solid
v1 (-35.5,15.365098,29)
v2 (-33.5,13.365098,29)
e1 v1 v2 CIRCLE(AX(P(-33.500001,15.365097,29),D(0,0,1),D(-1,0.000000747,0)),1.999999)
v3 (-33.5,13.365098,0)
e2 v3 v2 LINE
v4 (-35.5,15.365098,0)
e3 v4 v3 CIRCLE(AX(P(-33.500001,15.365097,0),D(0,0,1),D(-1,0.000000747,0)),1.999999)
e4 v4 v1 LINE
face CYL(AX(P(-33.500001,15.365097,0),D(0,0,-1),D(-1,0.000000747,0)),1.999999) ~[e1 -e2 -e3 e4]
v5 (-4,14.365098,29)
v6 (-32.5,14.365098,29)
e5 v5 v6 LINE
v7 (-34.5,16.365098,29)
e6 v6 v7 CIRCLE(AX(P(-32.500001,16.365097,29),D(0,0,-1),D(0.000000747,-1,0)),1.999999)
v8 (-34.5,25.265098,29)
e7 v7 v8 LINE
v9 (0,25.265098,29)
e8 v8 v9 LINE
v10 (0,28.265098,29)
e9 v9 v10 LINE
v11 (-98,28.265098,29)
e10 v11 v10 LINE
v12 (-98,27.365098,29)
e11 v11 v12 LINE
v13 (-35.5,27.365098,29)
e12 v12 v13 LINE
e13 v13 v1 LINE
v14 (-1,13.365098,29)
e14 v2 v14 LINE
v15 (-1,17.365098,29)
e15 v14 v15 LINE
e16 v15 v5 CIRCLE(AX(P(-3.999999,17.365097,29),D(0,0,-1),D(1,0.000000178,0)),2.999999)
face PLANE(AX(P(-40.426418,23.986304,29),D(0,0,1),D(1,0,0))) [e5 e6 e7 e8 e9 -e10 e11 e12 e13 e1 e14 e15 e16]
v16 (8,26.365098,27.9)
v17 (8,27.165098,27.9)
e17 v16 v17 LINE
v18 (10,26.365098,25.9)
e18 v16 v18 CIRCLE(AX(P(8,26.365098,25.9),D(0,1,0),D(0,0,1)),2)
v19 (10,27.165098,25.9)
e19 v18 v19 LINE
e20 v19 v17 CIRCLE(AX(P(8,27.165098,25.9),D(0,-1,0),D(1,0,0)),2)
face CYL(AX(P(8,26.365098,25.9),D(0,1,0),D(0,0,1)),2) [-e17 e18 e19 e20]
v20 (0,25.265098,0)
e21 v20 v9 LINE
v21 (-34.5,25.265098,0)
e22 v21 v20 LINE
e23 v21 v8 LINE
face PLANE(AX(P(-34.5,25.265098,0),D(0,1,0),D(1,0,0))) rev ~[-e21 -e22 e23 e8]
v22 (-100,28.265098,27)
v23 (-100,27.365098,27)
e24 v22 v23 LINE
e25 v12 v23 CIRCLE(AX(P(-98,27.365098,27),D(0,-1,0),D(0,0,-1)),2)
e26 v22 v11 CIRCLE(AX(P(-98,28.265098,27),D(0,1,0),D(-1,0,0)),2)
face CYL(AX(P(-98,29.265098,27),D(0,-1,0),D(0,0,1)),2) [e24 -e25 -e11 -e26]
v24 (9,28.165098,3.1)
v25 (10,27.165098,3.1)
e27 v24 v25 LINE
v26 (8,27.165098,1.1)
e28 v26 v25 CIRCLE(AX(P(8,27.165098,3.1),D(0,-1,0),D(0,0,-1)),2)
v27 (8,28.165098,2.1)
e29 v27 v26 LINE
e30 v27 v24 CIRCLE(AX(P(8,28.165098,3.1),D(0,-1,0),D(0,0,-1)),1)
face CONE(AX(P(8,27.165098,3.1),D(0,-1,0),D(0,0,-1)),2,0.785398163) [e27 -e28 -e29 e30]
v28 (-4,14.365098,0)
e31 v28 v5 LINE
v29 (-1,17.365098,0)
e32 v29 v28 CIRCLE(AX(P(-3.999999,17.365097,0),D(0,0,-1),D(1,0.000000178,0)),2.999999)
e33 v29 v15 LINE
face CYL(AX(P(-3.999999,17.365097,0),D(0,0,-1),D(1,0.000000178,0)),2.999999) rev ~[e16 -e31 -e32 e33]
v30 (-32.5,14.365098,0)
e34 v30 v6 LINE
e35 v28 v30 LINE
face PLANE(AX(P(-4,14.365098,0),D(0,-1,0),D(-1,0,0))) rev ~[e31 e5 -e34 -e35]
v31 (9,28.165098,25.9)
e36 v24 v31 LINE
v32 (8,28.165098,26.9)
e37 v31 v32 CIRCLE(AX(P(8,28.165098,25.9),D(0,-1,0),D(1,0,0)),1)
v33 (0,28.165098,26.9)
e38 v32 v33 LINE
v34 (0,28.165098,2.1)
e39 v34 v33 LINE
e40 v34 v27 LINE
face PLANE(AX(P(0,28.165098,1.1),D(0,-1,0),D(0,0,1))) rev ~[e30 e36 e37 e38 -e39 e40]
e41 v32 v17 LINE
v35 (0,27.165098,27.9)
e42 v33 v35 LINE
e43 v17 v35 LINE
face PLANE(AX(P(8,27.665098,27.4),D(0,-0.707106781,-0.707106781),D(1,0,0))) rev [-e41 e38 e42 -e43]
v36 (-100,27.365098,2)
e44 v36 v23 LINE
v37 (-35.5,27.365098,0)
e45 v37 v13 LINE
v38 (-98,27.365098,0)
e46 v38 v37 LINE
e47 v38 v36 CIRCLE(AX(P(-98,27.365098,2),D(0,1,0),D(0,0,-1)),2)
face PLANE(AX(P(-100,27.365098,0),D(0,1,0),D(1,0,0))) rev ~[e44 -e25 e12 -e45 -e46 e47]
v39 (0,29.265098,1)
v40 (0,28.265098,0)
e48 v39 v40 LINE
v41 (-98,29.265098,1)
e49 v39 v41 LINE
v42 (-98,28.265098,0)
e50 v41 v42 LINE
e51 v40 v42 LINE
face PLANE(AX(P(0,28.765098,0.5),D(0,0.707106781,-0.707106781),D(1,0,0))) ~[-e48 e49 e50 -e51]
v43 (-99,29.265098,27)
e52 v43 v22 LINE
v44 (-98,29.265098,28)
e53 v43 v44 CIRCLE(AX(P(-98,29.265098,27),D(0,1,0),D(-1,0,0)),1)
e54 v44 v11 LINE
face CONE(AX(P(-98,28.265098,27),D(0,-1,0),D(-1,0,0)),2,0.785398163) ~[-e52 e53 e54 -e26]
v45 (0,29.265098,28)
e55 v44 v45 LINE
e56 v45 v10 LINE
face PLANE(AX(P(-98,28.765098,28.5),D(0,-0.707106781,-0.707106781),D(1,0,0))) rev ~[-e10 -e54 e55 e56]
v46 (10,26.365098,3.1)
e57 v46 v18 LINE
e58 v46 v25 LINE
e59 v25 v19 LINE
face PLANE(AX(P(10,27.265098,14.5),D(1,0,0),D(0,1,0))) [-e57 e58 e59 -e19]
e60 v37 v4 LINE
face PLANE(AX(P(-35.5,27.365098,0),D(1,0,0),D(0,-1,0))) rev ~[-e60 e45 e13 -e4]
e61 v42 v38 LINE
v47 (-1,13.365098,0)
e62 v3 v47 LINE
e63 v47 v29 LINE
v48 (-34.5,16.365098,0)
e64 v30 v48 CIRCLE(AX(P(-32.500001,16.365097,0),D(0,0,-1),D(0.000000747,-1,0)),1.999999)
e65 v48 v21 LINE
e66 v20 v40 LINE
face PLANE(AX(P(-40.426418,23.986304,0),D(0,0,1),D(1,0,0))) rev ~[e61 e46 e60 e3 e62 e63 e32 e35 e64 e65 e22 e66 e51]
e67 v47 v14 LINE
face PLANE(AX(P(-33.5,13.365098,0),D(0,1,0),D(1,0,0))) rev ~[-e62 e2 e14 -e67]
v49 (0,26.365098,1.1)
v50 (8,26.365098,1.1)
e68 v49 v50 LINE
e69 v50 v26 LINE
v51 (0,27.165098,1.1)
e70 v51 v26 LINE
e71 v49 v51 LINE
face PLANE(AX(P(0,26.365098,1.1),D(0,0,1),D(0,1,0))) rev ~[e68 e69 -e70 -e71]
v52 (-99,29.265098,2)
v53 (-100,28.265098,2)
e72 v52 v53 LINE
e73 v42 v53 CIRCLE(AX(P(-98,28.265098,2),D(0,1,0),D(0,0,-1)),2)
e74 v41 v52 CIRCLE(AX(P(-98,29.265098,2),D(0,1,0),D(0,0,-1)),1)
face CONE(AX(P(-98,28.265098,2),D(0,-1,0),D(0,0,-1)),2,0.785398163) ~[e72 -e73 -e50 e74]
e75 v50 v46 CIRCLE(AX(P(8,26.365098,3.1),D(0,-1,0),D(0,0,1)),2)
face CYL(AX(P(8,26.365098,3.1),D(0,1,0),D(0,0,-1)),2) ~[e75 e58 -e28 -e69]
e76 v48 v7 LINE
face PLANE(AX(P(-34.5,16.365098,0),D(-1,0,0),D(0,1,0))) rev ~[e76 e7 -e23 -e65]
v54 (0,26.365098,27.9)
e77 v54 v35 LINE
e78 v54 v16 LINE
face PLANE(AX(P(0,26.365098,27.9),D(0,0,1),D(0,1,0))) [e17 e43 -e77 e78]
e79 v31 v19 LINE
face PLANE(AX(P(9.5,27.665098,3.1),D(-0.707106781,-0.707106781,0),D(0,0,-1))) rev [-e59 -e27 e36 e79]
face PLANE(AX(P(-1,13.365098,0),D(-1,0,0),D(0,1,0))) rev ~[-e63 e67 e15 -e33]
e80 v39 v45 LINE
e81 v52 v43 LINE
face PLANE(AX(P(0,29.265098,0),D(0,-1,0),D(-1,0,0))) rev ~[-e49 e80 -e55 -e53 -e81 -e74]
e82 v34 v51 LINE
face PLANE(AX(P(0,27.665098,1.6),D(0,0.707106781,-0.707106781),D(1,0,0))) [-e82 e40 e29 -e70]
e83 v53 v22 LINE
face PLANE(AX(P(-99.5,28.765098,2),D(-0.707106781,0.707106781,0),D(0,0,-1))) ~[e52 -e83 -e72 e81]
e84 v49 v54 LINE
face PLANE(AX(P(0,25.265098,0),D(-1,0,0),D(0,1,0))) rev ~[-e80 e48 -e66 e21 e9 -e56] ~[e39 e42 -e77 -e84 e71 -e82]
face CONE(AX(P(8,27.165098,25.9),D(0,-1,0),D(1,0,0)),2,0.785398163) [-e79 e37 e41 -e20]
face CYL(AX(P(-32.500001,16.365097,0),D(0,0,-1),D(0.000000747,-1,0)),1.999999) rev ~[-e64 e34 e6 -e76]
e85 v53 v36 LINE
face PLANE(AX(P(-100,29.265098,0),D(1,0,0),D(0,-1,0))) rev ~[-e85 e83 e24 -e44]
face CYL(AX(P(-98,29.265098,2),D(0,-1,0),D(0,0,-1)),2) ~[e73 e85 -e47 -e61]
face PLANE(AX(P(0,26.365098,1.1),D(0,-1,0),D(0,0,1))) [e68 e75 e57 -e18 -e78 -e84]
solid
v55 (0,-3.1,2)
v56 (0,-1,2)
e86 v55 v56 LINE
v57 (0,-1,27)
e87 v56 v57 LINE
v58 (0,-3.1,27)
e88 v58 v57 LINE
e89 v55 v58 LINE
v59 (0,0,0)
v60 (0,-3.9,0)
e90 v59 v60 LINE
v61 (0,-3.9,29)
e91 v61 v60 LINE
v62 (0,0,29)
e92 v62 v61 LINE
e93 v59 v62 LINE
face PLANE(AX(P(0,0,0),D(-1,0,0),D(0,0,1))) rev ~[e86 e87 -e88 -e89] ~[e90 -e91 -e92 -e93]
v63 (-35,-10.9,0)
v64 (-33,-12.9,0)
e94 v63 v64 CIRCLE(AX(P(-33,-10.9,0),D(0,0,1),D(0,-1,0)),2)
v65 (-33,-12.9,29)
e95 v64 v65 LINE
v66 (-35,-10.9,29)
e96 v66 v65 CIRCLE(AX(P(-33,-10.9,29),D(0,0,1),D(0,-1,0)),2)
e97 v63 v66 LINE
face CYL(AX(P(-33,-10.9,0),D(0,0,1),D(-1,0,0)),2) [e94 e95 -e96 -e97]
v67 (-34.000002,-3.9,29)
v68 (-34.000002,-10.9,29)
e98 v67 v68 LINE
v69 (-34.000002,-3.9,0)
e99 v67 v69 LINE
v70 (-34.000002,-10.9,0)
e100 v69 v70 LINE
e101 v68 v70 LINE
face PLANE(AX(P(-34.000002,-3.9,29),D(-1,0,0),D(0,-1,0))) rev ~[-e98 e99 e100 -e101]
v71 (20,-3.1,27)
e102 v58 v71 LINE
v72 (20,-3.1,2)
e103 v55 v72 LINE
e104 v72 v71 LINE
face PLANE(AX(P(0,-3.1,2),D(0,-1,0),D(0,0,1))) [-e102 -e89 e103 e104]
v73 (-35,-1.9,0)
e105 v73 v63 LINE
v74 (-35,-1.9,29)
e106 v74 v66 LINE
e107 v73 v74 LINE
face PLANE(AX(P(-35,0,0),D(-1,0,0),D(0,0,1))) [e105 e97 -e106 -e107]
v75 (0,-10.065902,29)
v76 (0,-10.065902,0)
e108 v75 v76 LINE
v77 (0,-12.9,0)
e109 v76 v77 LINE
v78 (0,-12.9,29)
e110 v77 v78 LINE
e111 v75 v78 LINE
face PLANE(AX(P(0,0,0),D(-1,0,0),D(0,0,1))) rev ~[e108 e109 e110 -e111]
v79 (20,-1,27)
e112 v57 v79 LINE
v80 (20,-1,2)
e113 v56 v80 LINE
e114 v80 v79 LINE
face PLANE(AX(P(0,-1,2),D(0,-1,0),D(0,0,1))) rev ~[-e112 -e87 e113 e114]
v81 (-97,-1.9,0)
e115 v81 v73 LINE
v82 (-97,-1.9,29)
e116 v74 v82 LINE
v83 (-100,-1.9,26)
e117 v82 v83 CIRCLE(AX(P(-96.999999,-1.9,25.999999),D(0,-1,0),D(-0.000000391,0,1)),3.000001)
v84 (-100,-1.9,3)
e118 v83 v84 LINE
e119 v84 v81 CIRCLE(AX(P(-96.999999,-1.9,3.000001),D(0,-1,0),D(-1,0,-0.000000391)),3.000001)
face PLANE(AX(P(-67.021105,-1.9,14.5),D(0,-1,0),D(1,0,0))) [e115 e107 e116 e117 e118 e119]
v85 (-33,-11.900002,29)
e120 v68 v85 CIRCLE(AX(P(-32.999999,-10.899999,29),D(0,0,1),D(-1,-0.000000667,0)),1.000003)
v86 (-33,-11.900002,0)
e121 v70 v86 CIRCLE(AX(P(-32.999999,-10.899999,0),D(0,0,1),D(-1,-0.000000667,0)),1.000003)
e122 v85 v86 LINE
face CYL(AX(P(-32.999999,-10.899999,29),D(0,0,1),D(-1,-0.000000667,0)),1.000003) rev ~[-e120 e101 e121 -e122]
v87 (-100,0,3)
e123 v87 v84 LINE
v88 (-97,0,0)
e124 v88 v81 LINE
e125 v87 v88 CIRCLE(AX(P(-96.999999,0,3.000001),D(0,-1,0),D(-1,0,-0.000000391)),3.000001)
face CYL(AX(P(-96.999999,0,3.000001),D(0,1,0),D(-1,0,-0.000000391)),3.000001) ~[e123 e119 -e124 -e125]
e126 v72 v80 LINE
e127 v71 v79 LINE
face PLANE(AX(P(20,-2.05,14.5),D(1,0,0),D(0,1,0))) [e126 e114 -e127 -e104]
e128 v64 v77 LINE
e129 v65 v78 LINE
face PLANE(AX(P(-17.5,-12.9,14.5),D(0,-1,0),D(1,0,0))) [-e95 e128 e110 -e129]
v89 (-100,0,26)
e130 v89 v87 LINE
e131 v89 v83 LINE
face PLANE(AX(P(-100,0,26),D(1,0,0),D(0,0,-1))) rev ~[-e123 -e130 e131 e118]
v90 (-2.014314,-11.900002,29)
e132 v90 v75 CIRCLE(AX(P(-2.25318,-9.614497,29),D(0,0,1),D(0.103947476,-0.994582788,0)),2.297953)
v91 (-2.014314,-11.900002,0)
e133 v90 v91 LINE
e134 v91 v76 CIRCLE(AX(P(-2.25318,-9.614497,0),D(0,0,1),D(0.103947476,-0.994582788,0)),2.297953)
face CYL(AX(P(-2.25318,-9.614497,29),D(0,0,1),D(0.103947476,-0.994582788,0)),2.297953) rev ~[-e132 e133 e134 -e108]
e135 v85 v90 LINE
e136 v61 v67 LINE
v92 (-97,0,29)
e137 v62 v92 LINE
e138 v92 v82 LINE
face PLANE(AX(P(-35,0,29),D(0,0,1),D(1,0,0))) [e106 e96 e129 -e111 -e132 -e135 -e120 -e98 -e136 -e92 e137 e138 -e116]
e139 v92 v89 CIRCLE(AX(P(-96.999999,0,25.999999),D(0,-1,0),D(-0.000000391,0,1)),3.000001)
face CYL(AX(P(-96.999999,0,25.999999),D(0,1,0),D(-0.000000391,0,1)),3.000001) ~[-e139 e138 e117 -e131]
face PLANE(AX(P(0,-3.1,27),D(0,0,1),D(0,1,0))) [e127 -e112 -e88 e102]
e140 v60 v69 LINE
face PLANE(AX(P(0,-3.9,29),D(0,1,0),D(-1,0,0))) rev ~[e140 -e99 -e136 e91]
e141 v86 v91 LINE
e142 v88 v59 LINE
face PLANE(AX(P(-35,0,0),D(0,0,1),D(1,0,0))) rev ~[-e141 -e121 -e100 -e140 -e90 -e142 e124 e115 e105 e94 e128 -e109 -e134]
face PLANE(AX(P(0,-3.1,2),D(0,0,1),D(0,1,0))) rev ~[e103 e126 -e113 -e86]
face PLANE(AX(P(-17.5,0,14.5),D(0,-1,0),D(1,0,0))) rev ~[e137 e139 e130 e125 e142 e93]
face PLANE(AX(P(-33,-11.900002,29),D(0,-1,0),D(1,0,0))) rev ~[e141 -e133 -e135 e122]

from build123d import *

# Parameters (mm, degrees)
F1_DEPTH  = 1.9
F0_W      = 35
F0_H      = 29
F2_DEPTH  = 12.9
F3_W      = 2.1
F3_H      = 25
F4_DEPTH  = 20
F5_R      = 2
F7_DEPTH  = 29
F9_DEPTH  = 29
F10_W     = 1.8
F10_H     = 26.8
F11_DEPTH = 10
F12_R     = 2
F13_SIZE  = 1
F14_SIZE  = 1


with BuildPart() as f1:
    # F0 (on Front) → F1 (new body)
    with BuildSketch(Plane.XZ):
        with BuildLine():
            Line((-97, 0), (-35, 0))
            Line((-35, 0), (-35, 29))
            Line((-35, 29), (-97, 29))
            ThreePointArc((-97, 29), (-99.12132, 28.12132), (-100, 26))
            Line((-100, 26), (-100, 3))
            ThreePointArc((-100, 3), (-99.12132, 0.87868), (-97, 0))
        make_face()
    extrude(amount=F1_DEPTH)

    # F0 (on Front) → F2 (join)
    with BuildSketch(Plane.XZ):
        with Locations((-17.5, 14.5)):
            Rectangle(F0_W, F0_H)
    extrude(amount=F2_DEPTH)

    # F3 (on face) → F4 (join)
    with BuildSketch(Plane.YZ):
        with Locations((-2.05, 14.5)):
            Rectangle(F3_W, F3_H)
    extrude(amount=F4_DEPTH)

    # F5
    f5_edges = [f1.edges().sort_by_distance(p)[0] for p in [
        (-35, -12.9, 14.5),
    ]]
    fillet(f5_edges, radius=F5_R)

    # F6 (on face) → F7 (cut)
    with BuildSketch(Plane.XY.offset(29)):
        with BuildLine():
            Line((-34.000002, -3.9), (-34.000002, -10.9))
            ThreePointArc((-34.000002, -10.9), (-33.707108, -11.607108), (-33, -11.900002))
            Line((-33, -11.900002), (-2.492048, -11.900002))
            Line((-2.492048, -11.900002), (-2.014314, -11.900002))
            ThreePointArc((-2.014314, -11.900002), (-0.706069, -11.313625), (0, -10.065902))
            Line((0, -10.065902), (0, -9.163091))
            Line((0, -9.163091), (0, -3.9))
            Line((0, -3.9), (-34.000002, -3.9))
        make_face()
    extrude(amount=-F7_DEPTH, mode=Mode.SUBTRACT)


with BuildPart() as f9:
    # F8 (on Top) → F9 (new body)
    with BuildSketch(Plane.XY):
        with BuildLine():
            Line((0, 25.265098), (0, 29.265098))
            Line((0, 29.265098), (-100, 29.265098))
            Line((-100, 29.265098), (-100, 27.365098))
            Line((-100, 27.365098), (-35.5, 27.365098))
            Line((-35.5, 27.365098), (-35.5, 15.365098))
            ThreePointArc((-35.5, 15.365098), (-34.914214, 13.950884), (-33.5, 13.365098))
            Line((-33.5, 13.365098), (-1, 13.365098))
            Line((-1, 13.365098), (-1, 17.365098))
            ThreePointArc((-1, 17.365098), (-1.87868, 15.243777), (-4, 14.365098))
            Line((-4, 14.365098), (-32.5, 14.365098))
            ThreePointArc((-32.5, 14.365098), (-33.914214, 14.950884), (-34.5, 16.365098))
            Line((-34.5, 16.365098), (-34.5, 25.265098))
            Line((-34.5, 25.265098), (0, 25.265098))
        make_face()
    extrude(amount=F9_DEPTH)

    # F10 (on face) → F11 (join)
    with BuildSketch(Plane.YZ):
        with Locations((27.265098, 14.5)):
            Rectangle(F10_W, F10_H)
    extrude(amount=F11_DEPTH)

    # F12
    f12_edges = [f9.edges().sort_by_distance(p)[0] for p in [
        (10, 27.265098, 27.9),
        (10, 27.265098, 1.1),
        (-100, 28.315098, 29),
        (-100, 28.315098, 0),
    ]]
    fillet(f12_edges, radius=F12_R)

    # F13
    f13_edges = [f9.edges().sort_by_distance(p)[0] for p in [
        (10, 28.165098, 14.5),
    ]]
    chamfer(f13_edges, length=F13_SIZE)

    # F14
    f14_edges = [f9.edges().sort_by_distance(p)[0] for p in [
        (-100, 29.265098, 14.5),
    ]]
    chamfer(f14_edges, length=F14_SIZE)


solid = Compound([f1.part, f9.part])
